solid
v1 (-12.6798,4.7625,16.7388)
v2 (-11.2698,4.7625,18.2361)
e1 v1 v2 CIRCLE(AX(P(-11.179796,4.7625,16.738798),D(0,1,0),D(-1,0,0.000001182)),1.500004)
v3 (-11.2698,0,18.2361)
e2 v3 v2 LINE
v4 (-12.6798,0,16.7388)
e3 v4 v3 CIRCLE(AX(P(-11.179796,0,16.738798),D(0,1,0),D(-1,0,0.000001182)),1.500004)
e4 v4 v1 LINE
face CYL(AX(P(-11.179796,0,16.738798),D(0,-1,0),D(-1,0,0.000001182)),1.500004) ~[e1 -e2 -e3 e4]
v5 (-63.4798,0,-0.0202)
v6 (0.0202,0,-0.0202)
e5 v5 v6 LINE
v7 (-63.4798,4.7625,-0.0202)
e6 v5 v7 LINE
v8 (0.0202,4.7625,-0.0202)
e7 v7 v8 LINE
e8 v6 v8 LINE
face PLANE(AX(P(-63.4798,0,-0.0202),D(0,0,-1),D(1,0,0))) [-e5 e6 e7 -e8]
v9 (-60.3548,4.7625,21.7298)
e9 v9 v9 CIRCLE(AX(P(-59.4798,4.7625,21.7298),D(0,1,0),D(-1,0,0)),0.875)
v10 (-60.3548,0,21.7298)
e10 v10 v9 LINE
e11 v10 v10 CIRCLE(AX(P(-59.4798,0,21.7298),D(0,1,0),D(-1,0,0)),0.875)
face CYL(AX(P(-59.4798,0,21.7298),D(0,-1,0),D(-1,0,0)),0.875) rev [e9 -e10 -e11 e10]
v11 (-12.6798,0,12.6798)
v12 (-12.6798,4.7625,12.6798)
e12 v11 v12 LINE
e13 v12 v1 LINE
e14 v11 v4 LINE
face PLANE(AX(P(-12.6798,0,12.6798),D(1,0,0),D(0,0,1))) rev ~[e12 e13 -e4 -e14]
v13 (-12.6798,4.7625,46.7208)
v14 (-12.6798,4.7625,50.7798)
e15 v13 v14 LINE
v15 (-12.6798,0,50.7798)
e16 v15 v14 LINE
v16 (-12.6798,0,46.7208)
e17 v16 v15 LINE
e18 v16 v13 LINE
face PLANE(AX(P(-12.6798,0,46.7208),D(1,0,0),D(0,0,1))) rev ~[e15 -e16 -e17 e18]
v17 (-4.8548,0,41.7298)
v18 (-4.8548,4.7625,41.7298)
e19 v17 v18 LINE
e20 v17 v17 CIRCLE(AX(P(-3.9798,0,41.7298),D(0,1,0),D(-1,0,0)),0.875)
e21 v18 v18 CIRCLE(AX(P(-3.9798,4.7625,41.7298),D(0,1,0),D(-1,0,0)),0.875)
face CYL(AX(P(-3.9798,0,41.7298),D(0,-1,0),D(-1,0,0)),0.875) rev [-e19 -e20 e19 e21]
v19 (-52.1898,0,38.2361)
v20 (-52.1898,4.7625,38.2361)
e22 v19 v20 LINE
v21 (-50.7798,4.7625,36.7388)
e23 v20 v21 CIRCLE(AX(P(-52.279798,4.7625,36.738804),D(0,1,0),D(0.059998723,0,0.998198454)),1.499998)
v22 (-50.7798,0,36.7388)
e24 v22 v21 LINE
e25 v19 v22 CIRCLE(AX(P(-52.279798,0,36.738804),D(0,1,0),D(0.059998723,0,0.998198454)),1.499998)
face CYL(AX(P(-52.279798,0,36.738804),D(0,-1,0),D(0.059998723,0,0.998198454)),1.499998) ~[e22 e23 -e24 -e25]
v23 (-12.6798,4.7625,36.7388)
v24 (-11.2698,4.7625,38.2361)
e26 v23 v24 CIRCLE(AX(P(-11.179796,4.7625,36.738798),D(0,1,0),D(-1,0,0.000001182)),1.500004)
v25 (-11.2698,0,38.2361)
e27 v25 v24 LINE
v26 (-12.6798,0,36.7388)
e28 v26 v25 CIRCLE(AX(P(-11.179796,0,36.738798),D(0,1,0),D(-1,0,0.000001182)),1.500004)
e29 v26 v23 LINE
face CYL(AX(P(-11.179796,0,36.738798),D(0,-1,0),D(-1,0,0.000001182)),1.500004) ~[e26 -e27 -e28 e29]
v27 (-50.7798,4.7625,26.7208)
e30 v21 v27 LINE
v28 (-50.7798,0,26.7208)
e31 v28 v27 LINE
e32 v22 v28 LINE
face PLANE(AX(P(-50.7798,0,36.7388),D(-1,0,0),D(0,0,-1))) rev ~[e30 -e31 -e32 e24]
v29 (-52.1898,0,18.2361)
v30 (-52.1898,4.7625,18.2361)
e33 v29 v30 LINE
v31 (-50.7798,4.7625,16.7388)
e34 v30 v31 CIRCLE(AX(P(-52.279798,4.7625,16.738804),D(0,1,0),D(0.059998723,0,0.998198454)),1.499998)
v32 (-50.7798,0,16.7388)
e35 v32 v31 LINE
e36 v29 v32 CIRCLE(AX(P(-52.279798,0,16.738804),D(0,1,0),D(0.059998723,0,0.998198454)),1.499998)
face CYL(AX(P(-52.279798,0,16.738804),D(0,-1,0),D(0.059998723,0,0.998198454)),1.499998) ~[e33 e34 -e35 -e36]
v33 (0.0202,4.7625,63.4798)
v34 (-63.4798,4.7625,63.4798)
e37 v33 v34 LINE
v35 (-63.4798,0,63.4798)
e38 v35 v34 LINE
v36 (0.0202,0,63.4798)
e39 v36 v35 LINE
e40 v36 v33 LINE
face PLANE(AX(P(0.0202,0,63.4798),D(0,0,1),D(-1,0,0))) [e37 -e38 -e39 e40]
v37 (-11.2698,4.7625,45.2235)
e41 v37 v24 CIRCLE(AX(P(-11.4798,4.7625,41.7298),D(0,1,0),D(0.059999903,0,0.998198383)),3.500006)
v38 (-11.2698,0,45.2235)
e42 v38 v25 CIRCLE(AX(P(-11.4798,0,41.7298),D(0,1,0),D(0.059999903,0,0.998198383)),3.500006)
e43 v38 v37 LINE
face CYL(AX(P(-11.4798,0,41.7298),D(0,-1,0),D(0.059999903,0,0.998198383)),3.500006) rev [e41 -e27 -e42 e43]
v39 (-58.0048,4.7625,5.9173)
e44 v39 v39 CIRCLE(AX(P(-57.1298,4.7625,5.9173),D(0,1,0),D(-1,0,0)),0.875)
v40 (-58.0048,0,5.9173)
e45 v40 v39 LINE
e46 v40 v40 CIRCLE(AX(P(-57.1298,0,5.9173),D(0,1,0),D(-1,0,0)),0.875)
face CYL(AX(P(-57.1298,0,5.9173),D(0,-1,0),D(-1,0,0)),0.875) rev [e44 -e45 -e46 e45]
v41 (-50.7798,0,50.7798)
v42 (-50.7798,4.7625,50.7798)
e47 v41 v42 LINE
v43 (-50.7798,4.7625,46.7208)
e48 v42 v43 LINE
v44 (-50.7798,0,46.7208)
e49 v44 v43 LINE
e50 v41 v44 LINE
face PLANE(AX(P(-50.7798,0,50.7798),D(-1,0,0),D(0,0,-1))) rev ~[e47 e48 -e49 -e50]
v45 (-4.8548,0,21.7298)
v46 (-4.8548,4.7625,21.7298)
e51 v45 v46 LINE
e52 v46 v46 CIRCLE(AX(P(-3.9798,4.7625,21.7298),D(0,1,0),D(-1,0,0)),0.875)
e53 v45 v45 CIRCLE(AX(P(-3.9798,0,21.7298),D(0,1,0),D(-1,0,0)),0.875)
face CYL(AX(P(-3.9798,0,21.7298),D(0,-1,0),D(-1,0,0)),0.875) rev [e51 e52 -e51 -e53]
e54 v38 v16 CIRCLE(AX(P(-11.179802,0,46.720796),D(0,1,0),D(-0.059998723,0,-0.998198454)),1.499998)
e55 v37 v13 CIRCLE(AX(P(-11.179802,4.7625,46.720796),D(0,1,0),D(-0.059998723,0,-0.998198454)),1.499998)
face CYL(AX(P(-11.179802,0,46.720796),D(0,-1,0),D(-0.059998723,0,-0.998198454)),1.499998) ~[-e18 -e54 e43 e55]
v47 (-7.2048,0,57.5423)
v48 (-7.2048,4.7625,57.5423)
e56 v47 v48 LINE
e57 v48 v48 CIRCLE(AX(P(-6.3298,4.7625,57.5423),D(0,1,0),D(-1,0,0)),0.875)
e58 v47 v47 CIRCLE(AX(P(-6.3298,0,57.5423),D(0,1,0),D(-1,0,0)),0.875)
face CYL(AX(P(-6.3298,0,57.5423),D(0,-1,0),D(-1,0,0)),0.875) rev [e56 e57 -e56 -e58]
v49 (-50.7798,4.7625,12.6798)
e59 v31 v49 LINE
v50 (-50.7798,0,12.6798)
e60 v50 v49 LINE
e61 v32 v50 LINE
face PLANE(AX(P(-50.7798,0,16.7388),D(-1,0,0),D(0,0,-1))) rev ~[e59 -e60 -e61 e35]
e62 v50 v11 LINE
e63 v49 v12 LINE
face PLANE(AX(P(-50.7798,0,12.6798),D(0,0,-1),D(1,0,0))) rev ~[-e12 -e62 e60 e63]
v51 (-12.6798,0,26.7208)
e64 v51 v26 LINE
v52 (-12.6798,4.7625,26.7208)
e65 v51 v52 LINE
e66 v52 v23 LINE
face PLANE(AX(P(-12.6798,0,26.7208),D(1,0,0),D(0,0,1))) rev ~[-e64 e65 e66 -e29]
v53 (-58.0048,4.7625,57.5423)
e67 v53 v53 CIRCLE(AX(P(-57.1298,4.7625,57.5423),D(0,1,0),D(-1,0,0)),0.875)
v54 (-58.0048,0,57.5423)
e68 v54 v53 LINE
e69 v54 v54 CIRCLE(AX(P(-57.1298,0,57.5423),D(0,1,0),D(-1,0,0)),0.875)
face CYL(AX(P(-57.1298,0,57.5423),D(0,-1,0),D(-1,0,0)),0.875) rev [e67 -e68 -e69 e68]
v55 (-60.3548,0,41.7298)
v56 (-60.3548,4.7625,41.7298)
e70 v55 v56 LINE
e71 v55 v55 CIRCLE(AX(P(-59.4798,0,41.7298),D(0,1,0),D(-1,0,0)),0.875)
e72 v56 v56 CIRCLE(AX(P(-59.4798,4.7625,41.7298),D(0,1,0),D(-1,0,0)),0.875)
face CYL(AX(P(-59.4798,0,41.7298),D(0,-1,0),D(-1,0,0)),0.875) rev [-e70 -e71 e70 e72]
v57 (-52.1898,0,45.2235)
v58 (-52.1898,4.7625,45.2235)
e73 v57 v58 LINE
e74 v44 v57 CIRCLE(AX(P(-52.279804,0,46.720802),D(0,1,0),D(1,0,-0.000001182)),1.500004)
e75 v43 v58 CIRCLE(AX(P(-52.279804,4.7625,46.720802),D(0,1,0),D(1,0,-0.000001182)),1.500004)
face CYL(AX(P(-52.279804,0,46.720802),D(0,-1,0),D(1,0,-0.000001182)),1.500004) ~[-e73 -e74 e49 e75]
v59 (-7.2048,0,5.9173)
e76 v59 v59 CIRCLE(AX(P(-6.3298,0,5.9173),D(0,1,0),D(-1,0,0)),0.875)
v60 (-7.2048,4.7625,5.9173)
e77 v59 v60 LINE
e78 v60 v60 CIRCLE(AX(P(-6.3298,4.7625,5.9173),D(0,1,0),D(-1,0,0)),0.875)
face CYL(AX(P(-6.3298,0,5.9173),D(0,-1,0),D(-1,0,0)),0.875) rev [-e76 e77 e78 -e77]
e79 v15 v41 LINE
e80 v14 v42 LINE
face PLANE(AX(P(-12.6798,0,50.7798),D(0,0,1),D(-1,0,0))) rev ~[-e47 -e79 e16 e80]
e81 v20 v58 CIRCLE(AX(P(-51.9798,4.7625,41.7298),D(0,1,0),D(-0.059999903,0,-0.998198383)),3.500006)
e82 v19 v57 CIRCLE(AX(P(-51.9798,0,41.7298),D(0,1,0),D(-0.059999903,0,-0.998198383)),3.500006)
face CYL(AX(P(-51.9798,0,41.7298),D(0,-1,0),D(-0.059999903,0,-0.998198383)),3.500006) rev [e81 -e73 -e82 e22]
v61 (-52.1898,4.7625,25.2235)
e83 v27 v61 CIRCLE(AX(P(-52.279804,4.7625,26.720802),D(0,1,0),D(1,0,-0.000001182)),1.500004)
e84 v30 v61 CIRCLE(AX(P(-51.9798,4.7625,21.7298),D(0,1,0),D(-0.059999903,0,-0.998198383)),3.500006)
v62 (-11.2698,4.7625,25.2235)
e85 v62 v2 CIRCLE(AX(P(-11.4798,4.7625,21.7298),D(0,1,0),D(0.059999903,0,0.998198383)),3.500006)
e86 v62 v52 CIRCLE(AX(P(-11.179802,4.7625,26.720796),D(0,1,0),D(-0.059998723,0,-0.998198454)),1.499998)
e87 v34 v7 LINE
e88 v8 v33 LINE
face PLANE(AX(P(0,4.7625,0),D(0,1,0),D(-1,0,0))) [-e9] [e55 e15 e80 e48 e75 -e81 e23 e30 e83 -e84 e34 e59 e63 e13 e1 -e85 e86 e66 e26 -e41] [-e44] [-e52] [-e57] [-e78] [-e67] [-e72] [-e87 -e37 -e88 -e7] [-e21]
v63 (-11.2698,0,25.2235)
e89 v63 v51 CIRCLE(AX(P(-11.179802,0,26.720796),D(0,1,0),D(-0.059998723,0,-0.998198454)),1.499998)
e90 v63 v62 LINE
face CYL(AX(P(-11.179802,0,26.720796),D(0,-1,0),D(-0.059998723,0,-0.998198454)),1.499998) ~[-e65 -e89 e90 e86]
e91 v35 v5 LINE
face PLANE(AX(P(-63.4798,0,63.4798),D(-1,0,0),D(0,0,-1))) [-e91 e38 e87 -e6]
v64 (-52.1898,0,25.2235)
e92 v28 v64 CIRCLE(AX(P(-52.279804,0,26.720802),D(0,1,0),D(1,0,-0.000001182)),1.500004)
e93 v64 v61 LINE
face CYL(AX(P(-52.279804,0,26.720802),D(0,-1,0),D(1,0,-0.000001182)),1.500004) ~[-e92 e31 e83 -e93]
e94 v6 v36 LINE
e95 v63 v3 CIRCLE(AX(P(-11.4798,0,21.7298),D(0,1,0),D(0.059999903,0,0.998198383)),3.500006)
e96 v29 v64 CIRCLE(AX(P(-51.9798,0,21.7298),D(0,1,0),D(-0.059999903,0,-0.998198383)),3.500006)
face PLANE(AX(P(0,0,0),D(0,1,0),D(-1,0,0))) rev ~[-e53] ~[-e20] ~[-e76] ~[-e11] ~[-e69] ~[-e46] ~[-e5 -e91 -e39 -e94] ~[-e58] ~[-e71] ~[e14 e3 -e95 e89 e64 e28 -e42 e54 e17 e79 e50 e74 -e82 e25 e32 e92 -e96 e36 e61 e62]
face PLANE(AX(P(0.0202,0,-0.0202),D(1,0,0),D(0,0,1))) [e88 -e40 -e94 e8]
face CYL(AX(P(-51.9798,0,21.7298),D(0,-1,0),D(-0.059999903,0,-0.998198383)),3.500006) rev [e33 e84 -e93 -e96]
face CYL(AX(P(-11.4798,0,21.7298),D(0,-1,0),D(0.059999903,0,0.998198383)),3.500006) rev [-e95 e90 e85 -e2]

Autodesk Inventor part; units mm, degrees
ref_plane "YZ Plane" through (0, 0, 0) normal (1, 0, 0) x (0, 1, 0)
ref_plane "XZ Plane" through (0, 0, 0) normal (0, 1, 0) x (-1, 0, 0)
ref_plane "XY Plane" through (0, 0, 0) normal (0, 0, 1) x (1, 0, 0)
sketch "Sketch1" plane through (0, 0, 0) normal (0, 1, 0) x (-1, 0, 0)
  line L0 (50.7798, 12.6798) -> (12.6798, 12.6798)
  line L1 (50.7798, 16.7388) -> (50.7798, 12.6798)
  arc A0 (52.1898, 18.2361) -> (50.7798, 16.7388) centre (52.2798, 16.7388) ccw
  arc A1 (52.1898, 18.2361) -> (52.1898, 25.2235) centre (51.9798, 21.7298) ccw
  arc A2 (50.7798, 26.7208) -> (52.1898, 25.2235) centre (52.2798, 26.7208) ccw
  arc A3 (52.1898, 38.2361) -> (50.7798, 36.7388) centre (52.2798, 36.7388) ccw
  arc A4 (52.1898, 38.2361) -> (52.1898, 45.2235) centre (51.9798, 41.7298) ccw
  arc A5 (50.7798, 46.7208) -> (52.1898, 45.2235) centre (52.2798, 46.7208) ccw
  line L2 (12.6798, 50.7798) -> (50.7798, 50.7798)
  line L3 (12.6798, 46.7208) -> (12.6798, 50.7798)
  arc A6 (11.2698, 45.2235) -> (12.6798, 46.7208) centre (11.1798, 46.7208) ccw
  arc A7 (11.2698, 45.2235) -> (11.2698, 38.2361) centre (11.4798, 41.7298) ccw
  arc A8 (12.6798, 36.7388) -> (11.2698, 38.2361) centre (11.1798, 36.7388) ccw
  arc A9 (11.2698, 25.2235) -> (12.6798, 26.7208) centre (11.1798, 26.7208) ccw
  arc A10 (11.2698, 25.2235) -> (11.2698, 18.2361) centre (11.4798, 21.7298) ccw
  arc A11 (12.6798, 16.7388) -> (11.2698, 18.2361) centre (11.1798, 16.7388) ccw
  line L4 (-0.0202, 63.4798) -> (63.4798, 63.4798)
  line L5 (63.4798, 63.4798) -> (63.4798, -0.0202)
  line L6 (63.4798, -0.0202) -> (-0.0202, -0.0202)
  line L7 (-0.0202, -0.0202) -> (-0.0202, 63.4798)
  circle A12 centre (6.3298, 5.9173) radius 0.875
  circle A13 centre (57.1298, 5.9173) radius 0.875
  circle A14 centre (57.1298, 57.5423) radius 0.875
  circle A15 centre (6.3298, 57.5423) radius 0.875
  circle A16 centre (3.9798, 41.7298) radius 0.875
  circle A17 centre (59.4798, 41.7298) radius 0.875
  circle A18 centre (59.4798, 21.7298) radius 0.875
  circle A19 centre (3.9798, 21.7298) radius 0.875
  line L8 (12.6798, 12.6798) -> (12.6798, 16.7388)
  line L9 (12.6798, 26.7208) -> (12.6798, 36.7388)
  line L10 (50.7798, 50.7798) -> (50.7798, 46.7208)
  line L11 (50.7798, 36.7388) -> (50.7798, 26.7208)
  point P0 (0, 0)
extrude "Extrusion1" add sketch "Sketch1" along normal blind 4.7625
properties part number "core xy carriage"
